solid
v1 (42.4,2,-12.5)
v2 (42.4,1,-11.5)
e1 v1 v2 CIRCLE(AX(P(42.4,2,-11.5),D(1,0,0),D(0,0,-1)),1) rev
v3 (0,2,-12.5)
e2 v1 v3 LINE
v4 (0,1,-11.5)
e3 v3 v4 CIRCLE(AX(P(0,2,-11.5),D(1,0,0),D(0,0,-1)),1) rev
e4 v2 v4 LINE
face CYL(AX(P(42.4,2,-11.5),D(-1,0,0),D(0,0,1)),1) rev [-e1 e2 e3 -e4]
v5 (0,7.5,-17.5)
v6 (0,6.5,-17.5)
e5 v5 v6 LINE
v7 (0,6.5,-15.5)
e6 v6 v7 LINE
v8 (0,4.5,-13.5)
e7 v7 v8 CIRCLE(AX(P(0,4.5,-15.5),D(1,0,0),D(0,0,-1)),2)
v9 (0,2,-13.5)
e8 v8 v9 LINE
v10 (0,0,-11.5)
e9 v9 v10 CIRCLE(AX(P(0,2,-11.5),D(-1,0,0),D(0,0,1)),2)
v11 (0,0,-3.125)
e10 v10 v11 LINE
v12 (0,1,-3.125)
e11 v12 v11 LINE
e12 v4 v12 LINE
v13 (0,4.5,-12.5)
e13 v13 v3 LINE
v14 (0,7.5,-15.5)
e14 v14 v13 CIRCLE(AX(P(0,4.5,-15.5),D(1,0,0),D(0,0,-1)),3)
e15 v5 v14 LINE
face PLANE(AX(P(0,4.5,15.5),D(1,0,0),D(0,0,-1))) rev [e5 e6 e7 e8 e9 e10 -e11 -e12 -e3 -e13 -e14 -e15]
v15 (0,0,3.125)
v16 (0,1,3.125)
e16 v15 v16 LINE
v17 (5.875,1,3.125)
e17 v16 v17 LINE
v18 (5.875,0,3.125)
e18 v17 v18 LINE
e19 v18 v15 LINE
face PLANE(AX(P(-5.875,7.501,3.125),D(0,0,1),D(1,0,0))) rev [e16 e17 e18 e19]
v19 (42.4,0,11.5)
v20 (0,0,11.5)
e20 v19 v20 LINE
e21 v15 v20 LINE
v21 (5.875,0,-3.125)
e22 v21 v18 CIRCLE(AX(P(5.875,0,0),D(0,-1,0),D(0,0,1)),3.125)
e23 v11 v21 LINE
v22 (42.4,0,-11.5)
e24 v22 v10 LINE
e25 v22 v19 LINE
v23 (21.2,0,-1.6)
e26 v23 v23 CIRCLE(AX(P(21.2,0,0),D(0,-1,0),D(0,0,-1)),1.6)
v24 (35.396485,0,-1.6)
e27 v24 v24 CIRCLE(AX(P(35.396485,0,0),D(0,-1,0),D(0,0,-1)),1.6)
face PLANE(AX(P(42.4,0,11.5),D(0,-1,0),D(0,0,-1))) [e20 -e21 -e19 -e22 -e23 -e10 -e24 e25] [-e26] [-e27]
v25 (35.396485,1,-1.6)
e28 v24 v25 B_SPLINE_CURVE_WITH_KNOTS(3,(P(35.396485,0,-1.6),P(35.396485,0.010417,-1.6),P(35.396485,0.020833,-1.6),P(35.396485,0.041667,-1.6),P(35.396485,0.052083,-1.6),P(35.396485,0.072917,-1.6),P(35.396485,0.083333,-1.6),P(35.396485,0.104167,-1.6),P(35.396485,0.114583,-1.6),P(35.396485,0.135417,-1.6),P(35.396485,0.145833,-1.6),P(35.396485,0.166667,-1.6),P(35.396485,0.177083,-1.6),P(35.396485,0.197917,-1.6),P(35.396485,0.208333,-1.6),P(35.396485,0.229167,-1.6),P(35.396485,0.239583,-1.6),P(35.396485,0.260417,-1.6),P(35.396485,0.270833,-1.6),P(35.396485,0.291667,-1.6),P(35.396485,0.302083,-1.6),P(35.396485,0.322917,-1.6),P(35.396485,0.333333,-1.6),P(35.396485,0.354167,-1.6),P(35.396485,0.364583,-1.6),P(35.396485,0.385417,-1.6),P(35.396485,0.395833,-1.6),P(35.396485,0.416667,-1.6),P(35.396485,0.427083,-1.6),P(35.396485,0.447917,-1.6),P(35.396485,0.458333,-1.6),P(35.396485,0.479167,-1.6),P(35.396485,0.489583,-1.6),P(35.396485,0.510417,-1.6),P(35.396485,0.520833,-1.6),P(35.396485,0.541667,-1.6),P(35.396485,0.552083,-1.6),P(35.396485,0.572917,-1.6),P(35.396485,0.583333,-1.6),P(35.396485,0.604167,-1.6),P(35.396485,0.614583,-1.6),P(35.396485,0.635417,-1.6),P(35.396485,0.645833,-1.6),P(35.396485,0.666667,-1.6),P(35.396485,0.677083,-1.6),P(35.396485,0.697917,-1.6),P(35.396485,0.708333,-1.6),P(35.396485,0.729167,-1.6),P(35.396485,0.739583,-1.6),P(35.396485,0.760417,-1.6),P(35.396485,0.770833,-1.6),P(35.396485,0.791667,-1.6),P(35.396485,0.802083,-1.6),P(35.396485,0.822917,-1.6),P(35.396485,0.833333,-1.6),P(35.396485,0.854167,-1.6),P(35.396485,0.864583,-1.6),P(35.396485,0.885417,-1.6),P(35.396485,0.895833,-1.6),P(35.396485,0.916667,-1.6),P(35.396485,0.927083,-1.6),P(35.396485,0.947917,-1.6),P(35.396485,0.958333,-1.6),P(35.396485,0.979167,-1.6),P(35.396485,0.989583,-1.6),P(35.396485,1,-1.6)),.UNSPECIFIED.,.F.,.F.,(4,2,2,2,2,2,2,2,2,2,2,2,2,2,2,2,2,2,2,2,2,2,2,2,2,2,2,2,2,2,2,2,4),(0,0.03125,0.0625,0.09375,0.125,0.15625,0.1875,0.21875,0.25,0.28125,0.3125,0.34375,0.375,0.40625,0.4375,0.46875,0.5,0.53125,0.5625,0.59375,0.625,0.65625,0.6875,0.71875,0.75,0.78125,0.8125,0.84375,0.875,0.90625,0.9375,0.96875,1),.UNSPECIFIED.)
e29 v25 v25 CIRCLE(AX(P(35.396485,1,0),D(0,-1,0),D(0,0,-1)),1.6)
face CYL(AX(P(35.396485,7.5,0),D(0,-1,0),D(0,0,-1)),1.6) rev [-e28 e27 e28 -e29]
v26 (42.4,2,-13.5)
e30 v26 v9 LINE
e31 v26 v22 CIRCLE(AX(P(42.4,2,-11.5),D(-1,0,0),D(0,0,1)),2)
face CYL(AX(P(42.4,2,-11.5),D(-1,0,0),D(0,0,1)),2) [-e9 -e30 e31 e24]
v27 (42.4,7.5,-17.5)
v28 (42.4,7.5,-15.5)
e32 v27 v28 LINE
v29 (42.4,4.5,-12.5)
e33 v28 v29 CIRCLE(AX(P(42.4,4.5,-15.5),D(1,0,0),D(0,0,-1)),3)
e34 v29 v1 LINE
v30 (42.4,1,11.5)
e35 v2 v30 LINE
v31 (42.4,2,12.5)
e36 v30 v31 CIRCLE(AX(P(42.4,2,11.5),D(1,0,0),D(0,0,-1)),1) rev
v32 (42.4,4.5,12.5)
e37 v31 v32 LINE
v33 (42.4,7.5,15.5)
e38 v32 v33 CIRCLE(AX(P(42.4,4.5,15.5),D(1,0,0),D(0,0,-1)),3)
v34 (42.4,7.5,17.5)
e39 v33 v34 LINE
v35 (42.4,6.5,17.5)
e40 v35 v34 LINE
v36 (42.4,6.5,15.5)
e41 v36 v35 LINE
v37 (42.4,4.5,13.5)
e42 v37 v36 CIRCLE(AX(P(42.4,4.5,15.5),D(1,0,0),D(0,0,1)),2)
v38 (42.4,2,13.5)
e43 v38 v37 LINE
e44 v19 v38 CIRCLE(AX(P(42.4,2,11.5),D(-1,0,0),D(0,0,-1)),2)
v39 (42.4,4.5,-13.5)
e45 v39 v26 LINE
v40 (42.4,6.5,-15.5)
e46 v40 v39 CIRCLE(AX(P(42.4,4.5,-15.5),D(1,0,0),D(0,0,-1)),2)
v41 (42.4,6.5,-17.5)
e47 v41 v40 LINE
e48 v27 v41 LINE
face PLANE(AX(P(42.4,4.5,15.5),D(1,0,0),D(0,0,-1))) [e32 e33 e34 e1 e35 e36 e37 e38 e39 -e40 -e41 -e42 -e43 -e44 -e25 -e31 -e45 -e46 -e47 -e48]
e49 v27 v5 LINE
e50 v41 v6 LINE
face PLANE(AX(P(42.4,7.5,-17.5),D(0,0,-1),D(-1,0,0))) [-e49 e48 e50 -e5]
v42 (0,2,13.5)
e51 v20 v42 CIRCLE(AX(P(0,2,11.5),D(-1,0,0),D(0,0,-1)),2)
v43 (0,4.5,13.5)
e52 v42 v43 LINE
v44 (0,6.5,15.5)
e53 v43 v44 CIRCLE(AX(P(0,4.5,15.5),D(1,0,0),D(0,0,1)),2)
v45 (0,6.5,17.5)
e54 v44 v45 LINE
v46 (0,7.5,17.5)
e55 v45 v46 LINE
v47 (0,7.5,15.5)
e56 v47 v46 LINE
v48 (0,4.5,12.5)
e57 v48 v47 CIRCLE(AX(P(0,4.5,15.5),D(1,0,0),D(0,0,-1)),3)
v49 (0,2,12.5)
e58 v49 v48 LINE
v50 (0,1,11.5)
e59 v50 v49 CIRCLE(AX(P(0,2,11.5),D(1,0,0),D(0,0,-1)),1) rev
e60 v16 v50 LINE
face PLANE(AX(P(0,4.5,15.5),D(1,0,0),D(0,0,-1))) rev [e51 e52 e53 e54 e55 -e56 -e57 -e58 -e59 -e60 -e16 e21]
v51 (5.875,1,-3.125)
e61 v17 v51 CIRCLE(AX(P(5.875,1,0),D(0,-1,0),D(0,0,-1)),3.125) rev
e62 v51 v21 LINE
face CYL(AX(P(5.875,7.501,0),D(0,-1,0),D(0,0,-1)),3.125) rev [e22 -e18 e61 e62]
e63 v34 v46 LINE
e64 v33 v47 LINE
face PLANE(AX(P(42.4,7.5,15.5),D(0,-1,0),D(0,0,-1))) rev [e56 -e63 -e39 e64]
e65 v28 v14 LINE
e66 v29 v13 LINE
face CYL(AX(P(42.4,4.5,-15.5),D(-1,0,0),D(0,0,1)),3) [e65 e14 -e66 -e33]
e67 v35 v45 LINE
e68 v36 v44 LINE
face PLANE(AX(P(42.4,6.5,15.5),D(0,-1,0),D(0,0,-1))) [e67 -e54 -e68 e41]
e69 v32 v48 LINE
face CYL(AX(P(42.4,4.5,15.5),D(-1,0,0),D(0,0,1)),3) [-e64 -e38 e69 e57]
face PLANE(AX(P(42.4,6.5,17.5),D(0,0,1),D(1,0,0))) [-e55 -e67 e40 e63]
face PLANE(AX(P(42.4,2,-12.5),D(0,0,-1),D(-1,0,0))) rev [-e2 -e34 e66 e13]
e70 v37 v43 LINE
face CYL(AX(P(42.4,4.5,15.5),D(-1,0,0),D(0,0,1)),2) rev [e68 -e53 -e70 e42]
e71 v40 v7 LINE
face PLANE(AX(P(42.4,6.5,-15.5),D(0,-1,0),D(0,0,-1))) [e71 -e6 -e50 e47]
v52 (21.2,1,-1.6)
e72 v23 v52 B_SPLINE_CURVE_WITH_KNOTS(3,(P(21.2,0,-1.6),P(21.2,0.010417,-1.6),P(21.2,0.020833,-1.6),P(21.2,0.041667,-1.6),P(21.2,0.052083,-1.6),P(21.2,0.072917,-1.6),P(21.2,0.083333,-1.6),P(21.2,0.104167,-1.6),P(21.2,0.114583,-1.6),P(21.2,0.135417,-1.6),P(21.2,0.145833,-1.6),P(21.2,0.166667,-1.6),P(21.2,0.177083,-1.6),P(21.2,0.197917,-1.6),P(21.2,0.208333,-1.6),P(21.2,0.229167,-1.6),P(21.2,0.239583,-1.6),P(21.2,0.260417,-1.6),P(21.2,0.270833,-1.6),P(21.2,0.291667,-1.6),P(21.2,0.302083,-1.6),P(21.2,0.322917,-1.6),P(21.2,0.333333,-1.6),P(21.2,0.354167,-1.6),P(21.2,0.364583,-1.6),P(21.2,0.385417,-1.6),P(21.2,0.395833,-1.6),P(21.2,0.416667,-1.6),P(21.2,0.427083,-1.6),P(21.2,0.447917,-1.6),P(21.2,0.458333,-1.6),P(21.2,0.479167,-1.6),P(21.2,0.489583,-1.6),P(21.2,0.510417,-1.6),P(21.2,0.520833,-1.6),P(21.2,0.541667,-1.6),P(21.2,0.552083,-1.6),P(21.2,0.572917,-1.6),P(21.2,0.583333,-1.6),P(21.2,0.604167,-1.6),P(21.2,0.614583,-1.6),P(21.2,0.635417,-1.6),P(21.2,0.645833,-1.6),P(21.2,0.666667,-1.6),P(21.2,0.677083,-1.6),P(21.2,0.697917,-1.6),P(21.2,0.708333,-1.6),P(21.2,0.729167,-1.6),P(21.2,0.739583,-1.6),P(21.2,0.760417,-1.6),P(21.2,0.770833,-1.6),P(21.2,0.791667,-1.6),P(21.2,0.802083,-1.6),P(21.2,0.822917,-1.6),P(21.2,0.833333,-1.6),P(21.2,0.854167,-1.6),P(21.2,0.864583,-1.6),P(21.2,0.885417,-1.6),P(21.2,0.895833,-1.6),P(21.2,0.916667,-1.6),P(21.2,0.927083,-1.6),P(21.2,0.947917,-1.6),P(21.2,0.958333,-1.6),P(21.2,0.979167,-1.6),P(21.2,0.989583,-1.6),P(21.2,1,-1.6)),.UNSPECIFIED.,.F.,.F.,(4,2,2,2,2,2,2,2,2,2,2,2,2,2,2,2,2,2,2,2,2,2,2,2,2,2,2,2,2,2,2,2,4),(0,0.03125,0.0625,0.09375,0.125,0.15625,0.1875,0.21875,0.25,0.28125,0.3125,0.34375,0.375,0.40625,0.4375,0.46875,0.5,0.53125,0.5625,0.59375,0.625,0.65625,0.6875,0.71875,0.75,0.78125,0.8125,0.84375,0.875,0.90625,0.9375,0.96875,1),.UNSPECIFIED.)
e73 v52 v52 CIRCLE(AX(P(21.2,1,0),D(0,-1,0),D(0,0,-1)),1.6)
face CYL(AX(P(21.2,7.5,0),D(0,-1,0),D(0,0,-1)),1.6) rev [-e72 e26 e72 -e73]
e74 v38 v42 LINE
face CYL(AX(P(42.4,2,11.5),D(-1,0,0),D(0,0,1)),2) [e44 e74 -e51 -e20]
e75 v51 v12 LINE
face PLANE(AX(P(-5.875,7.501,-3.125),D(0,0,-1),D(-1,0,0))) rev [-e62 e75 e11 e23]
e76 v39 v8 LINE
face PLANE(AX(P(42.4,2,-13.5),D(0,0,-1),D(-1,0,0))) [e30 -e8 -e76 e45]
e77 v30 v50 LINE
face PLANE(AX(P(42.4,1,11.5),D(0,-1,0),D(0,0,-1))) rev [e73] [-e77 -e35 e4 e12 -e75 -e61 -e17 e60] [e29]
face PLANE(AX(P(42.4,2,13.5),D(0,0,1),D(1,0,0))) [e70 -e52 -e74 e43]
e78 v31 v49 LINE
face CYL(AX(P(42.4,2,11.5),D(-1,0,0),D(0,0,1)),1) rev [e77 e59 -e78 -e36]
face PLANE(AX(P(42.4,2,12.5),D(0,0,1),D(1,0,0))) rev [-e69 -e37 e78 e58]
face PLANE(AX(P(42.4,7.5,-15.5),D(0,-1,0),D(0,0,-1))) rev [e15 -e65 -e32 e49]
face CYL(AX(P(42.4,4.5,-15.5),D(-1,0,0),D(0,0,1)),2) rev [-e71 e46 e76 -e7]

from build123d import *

# Parameters (mm, degrees)
EXTRUDE_THIN1_DEPTH        = 42.4
CUT_EXTRUDE1_REACH         = 48.479
SZKIC1_R                   = 1.6
WYTNIJ_WYCI_GNI_CIE1_DEPTH = 47.478597225


with BuildPart() as part:
    # Sketch1 → Extrude-Thin1 (new body)
    with BuildSketch(Plane(origin=(0, 0, 0), x_dir=(0, 0, -1), z_dir=(1, 0, 0))):
        with BuildLine():
            Line((-17.5, 6.5), (-15.5, 6.5))
            ThreePointArc((-15.5, 6.5), (-14.085786438, 5.914213562), (-13.5, 4.5))
            Line((-13.5, 4.5), (-13.5, 2))
            ThreePointArc((-13.5, 2), (-12.914213562, 0.585786438), (-11.5, 0))
            Line((-11.5, 0), (11.5, 0))
            ThreePointArc((11.5, 0), (12.914213562, 0.585786438), (13.5, 2))
            Line((13.5, 2), (13.5, 4.5))
            ThreePointArc((13.5, 4.5), (14.085786438, 5.914213562), (15.5, 6.5))
            Line((15.5, 6.5), (17.5, 6.5))
            Line((17.5, 6.5), (17.5, 7.5))
            Line((17.5, 7.5), (15.5, 7.5))
            ThreePointArc((15.5, 7.5), (13.378679656, 6.621320344), (12.5, 4.5))
            Line((12.5, 4.5), (12.5, 2))
            ThreePointArc((12.5, 2), (12.207106781, 1.292893219), (11.5, 1))
            Line((11.5, 1), (-11.5, 1))
            ThreePointArc((-11.5, 1), (-12.207106781, 1.292893219), (-12.5, 2))
            Line((-12.5, 2), (-12.5, 4.5))
            ThreePointArc((-12.5, 4.5), (-13.378679656, 6.621320344), (-15.5, 7.5))
            Line((-15.5, 7.5), (-17.5, 7.5))
            Line((-17.5, 7.5), (-17.5, 6.5))
        make_face()
    extrude(amount=EXTRUDE_THIN1_DEPTH)

    # Sketch2 → Cut-Extrude1 (cut, up to next)
    with BuildSketch(Plane.XZ, mode=Mode.PRIVATE) as cut_extrude1_sk1:
        with BuildLine():
            Line((-5.875, 3.125), (5.875, 3.125))
            ThreePointArc((5.875, 3.125), (9, 0), (5.875, -3.125))
            Line((5.875, -3.125), (-5.875, -3.125))
            ThreePointArc((-5.875, -3.125), (-9, 0), (-5.875, 3.125))
        make_face()
    cut_extrude1_tool1 = extrude(cut_extrude1_sk1.sketch, amount=-CUT_EXTRUDE1_REACH, mode=Mode.PRIVATE) & part.part
    add(cut_extrude1_tool1.solids().sort_by_distance((0, 0, 0))[0], mode=Mode.SUBTRACT)

    # Szkic1 → Wytnij-wyciągnięcie1 (cut, through all)
    with BuildSketch(Plane.XZ):
        with Locations(Location((35.396484606, 0, 0), (0, 0, 270))):
            Circle(SZKIC1_R)
        with Locations(Location((21.2, 0, 0), (0, 0, 270))):
            Circle(SZKIC1_R)
    extrude(amount=-WYTNIJ_WYCI_GNI_CIE1_DEPTH, mode=Mode.SUBTRACT)


solid = part.part
